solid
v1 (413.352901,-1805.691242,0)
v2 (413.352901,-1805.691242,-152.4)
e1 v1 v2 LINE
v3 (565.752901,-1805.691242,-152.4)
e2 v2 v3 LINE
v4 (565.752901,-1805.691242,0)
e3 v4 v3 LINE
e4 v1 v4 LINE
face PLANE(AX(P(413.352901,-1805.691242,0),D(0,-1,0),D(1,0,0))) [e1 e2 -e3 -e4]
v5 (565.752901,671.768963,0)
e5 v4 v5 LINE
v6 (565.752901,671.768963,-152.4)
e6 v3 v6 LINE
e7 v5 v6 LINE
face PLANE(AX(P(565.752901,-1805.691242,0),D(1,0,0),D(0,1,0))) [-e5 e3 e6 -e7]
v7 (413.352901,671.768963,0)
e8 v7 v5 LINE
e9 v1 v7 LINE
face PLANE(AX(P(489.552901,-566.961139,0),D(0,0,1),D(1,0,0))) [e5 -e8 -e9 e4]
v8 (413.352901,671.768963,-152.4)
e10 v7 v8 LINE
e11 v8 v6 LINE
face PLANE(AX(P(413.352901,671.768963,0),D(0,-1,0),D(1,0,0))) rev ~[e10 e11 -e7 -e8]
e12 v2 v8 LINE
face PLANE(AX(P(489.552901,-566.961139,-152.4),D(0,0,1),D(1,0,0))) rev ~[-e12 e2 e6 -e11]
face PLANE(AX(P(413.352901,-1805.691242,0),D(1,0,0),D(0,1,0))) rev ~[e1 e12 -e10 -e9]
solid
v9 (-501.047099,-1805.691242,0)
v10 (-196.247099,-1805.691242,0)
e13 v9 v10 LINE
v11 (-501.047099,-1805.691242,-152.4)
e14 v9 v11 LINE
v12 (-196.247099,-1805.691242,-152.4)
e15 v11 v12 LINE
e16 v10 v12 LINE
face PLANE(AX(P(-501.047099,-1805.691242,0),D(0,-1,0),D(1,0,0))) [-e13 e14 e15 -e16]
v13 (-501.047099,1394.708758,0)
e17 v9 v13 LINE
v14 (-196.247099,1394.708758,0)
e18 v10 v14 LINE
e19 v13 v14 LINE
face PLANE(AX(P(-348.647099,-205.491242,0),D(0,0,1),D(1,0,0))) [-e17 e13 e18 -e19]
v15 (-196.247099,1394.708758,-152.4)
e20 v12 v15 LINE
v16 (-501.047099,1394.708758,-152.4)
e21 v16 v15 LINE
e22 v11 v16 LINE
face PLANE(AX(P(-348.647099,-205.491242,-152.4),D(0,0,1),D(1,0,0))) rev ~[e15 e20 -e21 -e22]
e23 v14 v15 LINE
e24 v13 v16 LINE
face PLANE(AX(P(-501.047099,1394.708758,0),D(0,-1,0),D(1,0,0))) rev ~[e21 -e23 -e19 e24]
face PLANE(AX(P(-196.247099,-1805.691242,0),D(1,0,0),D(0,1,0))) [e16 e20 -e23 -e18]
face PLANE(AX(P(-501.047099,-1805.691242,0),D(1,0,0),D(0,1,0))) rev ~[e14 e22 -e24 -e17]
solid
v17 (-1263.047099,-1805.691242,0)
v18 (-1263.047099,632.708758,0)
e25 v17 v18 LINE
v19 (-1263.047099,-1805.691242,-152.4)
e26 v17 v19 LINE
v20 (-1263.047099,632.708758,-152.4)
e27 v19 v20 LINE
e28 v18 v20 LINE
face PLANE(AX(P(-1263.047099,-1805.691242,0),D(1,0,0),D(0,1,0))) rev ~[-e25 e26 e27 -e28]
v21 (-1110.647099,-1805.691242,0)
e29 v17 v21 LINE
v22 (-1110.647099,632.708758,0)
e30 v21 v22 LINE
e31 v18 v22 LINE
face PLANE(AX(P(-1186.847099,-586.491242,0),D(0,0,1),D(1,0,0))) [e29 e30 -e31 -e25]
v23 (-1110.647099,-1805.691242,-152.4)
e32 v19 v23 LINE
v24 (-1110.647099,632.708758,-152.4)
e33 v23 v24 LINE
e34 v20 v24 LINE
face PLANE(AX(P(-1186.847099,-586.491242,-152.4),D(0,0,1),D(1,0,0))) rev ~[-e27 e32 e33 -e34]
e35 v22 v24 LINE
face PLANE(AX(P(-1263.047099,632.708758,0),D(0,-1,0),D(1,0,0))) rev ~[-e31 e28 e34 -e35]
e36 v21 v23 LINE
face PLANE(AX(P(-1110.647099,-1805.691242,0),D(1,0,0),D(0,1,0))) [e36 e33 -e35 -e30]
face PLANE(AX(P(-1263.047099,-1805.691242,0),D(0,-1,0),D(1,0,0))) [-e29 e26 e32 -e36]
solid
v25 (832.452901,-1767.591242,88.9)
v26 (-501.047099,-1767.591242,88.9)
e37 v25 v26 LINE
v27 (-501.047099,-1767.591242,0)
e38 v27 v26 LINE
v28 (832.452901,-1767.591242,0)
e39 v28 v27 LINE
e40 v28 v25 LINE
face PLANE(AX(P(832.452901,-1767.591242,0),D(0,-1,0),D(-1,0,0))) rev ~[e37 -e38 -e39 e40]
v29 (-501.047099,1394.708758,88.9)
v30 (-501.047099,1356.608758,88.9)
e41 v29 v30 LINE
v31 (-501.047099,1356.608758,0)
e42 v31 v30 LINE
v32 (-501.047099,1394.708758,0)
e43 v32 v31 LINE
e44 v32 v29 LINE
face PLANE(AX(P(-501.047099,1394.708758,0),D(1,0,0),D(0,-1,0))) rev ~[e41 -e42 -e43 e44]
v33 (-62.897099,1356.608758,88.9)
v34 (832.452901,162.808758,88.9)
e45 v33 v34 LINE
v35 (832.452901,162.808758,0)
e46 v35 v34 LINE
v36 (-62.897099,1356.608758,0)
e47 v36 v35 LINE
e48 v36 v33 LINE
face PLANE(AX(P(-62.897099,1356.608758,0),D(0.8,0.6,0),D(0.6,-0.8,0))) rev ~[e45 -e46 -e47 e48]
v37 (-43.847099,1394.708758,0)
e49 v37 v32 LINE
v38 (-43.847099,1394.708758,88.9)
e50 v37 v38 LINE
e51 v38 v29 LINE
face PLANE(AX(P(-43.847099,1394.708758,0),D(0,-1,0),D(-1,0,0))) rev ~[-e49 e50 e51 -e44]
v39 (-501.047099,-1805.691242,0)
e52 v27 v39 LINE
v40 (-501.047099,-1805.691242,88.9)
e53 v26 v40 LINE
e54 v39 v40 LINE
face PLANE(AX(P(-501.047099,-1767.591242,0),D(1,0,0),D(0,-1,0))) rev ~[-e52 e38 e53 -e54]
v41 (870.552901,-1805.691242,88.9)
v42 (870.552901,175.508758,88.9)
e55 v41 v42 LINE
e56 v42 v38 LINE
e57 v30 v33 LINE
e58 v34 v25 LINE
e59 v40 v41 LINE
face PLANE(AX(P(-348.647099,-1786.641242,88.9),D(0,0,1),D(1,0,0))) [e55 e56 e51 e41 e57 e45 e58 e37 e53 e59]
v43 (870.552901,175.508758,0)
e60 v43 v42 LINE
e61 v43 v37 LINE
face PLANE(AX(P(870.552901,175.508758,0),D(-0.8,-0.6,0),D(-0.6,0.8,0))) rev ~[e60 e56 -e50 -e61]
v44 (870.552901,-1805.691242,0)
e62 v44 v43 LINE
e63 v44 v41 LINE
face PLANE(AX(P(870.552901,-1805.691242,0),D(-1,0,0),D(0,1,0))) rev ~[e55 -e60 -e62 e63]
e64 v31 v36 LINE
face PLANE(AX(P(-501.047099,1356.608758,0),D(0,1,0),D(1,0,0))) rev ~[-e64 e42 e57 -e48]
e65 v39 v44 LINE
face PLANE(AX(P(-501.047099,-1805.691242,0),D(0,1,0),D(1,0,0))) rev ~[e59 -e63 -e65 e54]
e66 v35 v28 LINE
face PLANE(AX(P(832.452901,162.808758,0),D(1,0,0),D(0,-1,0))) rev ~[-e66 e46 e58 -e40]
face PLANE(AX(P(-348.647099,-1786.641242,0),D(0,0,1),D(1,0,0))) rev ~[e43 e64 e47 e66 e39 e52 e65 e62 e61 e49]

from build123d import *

# Parameters (mm, degrees)
F0_W     = 304.8
F0_H     = 3200.4
F1_DEPTH = 152.4
F0_W_2   = 152.4
F0_H_2   = 2438.4
F0_H_3   = 2477.460205555
F3_DEPTH = 88.9


with BuildPart() as f1:
    # F0 (on Top) → F1 (new body)
    with BuildSketch(Plane.XY):
        with Locations((-348.6470991135, -205.491242218)):
            Rectangle(F0_W, F0_H)
    extrude(amount=-F1_DEPTH)


with BuildPart() as f1b:
    # F0 (on Top) → F1, piece 2 (new body)
    with BuildSketch(Plane.XY):
        with Locations((-1186.8470991135, -586.491242218)):
            Rectangle(F0_W_2, F0_H_2)
    extrude(amount=-F1_DEPTH)


with BuildPart() as f1c:
    # F0 (on Top) → F1, piece 3 (new body)
    with BuildSketch(Plane.XY):
        with Locations((489.5529008865, -566.9611394405)):
            Rectangle(F0_W_2, F0_H_3)
    extrude(amount=-F1_DEPTH)


with BuildPart() as f3:
    # F2 (on face) → F3 (new body)
    with BuildSketch(Plane.XY):
        Polygon((-501.0470991135, -1805.691242218), (-348.6470991135, -1805.691242218), (-196.2470991135, -1805.691242218), (-196.2470991135, -1767.591242218), (-348.6470991135, -1767.591242218), (-501.0470991135, -1767.591242218), align=None)
        Polygon((-196.2470991135, -1767.591242218), (-196.2470991135, -1805.691242218), (870.5529008865, -1805.691242218), (870.5529008865, 175.508757782), (-43.8470991135, 1394.708757782), (-196.2470991135, 1394.708757782), (-196.2470991135, 1356.608757782), (-62.8970991135, 1356.608757782), (832.4529008865, 162.808757782), (832.4529008865, -1767.591242218), align=None)
        Polygon((-348.6470991135, 1356.608757782), (-196.2470991135, 1356.608757782), (-196.2470991135, 1394.708757782), (-348.6470991135, 1394.708757782), (-501.0470991135, 1394.708757782), (-501.0470991135, 1356.608757782), align=None)
    extrude(amount=F3_DEPTH)


solid = Compound([f1.part, f1b.part, f1c.part, f3.part])
